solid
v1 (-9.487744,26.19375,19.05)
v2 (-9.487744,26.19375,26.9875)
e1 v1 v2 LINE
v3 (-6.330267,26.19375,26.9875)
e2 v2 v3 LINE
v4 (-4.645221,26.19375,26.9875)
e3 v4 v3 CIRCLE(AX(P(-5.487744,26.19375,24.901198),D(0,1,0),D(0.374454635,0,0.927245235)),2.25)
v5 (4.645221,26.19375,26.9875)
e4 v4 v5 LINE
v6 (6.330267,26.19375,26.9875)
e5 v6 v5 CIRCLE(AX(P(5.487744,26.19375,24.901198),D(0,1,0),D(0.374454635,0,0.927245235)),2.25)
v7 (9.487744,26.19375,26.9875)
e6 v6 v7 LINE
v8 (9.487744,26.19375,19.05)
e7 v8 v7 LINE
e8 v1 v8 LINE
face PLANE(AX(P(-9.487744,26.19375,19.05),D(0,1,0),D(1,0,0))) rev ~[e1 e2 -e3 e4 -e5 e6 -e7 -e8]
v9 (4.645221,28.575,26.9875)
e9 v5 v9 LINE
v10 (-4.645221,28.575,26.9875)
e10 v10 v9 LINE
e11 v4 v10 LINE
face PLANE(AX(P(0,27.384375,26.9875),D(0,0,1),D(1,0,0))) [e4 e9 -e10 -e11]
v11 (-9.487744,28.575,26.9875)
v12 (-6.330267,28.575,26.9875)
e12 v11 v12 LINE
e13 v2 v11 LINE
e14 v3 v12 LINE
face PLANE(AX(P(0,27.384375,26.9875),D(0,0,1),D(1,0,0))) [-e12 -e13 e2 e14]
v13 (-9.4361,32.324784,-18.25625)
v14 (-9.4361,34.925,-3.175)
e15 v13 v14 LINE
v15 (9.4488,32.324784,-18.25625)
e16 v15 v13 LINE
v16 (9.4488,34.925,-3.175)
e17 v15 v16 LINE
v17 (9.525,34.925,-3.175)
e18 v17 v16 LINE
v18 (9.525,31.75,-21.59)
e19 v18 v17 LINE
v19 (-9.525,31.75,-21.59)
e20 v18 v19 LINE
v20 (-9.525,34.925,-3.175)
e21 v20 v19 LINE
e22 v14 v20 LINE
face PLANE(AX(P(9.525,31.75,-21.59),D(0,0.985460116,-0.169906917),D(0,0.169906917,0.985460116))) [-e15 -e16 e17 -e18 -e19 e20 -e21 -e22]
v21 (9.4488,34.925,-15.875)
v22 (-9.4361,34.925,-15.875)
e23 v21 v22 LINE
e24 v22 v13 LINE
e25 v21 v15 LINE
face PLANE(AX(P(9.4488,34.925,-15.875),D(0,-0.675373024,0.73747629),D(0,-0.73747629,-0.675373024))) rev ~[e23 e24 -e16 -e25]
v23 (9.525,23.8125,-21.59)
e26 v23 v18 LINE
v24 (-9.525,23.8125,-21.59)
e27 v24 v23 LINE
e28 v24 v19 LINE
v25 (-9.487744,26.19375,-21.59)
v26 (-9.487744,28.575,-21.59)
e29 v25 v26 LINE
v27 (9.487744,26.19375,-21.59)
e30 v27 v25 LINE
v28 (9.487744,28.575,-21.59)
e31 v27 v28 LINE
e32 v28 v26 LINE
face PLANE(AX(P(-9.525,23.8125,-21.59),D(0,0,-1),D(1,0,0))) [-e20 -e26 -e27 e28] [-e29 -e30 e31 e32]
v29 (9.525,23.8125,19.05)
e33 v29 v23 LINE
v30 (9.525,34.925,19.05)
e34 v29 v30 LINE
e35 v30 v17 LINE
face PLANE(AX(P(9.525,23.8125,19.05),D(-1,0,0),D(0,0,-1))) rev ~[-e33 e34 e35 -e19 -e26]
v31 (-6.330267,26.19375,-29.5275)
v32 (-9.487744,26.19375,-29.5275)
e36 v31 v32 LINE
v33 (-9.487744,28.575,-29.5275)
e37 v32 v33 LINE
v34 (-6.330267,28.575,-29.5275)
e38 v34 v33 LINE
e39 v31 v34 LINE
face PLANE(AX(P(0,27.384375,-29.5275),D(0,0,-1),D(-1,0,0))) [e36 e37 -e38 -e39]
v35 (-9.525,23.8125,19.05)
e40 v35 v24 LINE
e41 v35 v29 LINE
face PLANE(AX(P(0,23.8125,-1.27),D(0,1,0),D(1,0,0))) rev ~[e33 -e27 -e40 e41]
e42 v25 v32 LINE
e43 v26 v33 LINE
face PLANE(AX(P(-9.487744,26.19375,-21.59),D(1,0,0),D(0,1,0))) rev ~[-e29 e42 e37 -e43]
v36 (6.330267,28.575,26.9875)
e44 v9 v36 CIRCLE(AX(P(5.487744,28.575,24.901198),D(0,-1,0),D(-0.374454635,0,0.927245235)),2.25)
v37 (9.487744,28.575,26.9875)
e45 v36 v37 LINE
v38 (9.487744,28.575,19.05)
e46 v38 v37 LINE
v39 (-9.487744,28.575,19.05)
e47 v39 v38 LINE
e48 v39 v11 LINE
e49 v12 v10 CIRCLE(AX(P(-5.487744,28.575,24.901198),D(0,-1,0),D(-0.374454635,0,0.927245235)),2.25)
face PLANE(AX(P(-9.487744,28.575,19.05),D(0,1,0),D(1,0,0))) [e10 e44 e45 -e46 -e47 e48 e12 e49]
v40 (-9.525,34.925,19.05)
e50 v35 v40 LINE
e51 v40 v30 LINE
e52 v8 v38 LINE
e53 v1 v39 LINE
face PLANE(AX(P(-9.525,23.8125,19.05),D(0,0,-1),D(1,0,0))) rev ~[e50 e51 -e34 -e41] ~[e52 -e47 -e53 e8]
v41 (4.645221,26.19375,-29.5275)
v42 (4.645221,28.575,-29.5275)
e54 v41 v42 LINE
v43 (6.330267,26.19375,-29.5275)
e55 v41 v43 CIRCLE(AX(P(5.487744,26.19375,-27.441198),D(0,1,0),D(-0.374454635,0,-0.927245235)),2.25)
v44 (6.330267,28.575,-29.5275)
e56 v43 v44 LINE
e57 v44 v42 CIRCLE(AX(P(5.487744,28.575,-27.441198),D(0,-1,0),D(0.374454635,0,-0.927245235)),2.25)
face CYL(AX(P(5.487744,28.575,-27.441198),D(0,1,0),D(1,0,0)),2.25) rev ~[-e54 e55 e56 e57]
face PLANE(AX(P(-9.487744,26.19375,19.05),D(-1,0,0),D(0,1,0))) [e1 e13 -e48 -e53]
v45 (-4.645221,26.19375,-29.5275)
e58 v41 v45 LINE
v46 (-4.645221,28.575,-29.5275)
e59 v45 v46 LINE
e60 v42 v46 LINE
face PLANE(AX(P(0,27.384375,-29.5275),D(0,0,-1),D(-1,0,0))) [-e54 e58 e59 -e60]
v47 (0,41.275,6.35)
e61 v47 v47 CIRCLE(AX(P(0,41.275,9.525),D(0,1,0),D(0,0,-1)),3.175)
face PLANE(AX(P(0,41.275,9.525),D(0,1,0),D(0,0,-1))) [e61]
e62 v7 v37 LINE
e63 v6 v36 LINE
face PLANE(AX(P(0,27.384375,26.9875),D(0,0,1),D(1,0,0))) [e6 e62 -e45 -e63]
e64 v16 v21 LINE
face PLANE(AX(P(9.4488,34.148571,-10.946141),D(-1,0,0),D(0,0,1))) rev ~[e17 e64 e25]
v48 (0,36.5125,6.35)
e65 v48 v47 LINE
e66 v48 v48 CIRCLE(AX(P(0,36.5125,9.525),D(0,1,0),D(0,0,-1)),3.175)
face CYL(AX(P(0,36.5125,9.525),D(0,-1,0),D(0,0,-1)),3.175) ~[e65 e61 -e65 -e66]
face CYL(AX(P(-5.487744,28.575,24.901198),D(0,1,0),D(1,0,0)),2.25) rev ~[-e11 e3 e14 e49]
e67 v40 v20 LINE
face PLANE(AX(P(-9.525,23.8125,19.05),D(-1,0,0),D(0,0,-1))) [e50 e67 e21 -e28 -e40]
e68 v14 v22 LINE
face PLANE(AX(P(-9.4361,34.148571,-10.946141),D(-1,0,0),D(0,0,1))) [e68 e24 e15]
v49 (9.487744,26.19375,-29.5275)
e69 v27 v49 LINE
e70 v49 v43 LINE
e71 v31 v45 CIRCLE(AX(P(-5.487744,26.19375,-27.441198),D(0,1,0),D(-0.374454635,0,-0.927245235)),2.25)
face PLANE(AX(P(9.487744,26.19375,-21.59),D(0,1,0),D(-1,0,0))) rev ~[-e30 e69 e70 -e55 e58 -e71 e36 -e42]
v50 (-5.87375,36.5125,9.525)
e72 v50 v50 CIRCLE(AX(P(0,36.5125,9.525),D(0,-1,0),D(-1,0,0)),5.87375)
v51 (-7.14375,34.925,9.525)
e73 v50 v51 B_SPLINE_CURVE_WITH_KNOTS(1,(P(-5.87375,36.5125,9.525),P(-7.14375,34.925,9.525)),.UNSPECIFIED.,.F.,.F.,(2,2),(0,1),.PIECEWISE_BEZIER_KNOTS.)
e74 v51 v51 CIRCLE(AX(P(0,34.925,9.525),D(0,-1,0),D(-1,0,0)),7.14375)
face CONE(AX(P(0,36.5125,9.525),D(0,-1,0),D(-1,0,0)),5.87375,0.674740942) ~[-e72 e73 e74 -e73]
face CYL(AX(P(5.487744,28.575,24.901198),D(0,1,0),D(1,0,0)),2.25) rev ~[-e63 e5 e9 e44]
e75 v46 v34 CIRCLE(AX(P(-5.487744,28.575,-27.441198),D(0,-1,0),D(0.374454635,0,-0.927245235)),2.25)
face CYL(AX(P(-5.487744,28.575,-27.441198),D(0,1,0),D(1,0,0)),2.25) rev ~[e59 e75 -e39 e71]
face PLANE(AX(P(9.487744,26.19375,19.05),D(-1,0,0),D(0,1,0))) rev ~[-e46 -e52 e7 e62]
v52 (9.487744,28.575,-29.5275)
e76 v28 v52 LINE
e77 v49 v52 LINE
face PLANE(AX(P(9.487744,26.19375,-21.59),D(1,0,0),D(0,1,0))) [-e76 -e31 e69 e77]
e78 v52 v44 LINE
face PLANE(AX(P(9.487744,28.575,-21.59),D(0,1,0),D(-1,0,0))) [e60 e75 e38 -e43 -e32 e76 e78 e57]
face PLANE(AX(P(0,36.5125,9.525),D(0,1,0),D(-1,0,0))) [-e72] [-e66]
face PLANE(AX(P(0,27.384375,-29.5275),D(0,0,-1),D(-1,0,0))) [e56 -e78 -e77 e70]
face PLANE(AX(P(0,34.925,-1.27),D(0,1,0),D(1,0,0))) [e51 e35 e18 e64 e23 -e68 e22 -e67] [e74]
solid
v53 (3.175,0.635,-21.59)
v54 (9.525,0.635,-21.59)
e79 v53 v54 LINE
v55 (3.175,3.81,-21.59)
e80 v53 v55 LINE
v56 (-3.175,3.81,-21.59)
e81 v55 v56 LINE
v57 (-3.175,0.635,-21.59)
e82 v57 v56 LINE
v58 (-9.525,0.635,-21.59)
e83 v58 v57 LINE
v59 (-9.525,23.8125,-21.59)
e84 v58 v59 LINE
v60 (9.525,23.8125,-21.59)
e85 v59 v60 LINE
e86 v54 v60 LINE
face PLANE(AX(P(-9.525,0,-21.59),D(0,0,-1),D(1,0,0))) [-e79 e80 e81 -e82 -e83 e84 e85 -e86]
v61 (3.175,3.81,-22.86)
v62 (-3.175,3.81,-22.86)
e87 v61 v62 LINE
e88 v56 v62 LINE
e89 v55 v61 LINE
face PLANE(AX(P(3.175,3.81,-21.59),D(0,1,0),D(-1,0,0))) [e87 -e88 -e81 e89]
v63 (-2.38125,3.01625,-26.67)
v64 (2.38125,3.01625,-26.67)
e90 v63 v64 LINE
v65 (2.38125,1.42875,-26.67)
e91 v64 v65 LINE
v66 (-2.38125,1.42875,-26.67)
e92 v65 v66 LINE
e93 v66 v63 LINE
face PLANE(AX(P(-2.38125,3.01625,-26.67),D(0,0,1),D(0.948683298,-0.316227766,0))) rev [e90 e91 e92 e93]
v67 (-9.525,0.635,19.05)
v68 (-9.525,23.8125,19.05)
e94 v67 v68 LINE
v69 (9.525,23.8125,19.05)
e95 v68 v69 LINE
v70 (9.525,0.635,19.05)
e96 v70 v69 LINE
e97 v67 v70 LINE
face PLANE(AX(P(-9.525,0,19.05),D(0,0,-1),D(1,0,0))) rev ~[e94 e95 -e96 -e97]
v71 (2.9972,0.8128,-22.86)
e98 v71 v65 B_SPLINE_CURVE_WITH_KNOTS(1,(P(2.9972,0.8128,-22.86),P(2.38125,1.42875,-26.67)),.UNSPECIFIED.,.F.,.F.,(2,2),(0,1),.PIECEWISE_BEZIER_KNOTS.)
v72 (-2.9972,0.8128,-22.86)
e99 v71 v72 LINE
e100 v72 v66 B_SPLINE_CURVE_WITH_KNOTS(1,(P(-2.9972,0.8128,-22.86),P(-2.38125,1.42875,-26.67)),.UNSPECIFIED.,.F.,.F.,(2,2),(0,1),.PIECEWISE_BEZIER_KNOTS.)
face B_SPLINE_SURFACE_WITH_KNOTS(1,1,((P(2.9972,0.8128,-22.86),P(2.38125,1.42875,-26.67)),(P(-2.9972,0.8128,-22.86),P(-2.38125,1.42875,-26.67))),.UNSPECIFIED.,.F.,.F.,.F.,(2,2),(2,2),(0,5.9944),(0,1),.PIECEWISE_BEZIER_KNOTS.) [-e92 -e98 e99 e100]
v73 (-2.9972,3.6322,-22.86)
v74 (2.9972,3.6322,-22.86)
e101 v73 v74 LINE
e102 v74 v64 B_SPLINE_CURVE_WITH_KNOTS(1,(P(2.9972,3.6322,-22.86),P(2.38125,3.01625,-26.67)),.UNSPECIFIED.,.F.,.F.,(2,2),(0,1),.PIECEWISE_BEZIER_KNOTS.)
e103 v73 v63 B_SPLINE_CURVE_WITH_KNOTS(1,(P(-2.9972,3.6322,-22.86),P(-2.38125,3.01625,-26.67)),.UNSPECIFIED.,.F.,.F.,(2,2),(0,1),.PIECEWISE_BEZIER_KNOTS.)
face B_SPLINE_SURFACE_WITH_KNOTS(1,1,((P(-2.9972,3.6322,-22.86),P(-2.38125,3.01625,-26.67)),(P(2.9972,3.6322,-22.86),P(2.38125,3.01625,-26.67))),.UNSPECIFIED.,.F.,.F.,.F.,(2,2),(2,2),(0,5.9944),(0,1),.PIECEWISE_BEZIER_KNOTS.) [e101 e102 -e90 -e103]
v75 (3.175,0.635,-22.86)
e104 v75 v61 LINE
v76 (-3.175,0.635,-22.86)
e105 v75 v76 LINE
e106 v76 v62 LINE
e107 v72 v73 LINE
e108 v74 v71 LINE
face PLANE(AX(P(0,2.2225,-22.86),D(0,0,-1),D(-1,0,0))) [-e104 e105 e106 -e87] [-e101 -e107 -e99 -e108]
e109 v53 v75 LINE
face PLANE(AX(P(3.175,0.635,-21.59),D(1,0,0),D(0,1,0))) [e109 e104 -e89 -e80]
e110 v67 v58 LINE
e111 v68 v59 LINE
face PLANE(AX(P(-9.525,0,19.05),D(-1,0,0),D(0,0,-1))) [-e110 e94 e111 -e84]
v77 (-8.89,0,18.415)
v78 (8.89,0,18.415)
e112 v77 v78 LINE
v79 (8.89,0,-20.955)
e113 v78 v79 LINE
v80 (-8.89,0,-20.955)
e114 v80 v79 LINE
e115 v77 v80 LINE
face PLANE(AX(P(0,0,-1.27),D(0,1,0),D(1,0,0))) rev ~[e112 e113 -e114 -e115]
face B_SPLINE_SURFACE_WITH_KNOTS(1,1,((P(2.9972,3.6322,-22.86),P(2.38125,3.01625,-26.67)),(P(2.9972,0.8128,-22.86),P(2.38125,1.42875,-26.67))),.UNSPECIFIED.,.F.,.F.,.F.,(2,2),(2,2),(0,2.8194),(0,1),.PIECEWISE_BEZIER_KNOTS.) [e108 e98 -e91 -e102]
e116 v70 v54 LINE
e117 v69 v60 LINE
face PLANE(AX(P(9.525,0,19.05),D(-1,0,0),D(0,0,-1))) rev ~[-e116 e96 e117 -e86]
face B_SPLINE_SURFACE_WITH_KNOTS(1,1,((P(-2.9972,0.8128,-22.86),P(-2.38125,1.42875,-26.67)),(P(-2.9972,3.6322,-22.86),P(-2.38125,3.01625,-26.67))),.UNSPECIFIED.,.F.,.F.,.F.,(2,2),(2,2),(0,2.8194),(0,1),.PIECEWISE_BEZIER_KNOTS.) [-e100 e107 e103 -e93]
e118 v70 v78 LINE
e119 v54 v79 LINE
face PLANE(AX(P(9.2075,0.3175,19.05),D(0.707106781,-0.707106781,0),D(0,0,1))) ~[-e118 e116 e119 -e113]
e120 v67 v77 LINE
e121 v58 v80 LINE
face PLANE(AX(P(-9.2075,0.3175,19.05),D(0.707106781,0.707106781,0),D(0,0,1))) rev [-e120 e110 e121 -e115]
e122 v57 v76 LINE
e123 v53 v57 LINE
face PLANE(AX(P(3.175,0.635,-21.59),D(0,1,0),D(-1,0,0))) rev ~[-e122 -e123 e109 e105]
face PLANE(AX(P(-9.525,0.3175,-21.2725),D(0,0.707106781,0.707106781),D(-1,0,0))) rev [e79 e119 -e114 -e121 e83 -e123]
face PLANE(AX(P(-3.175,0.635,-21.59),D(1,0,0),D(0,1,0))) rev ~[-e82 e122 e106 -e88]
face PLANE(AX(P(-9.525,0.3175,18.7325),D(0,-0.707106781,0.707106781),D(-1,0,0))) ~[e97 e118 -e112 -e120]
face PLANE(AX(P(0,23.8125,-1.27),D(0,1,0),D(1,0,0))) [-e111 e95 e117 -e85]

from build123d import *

# Parameters (mm, degrees)
SKETCH1_W            = 19.05
SKETCH1_H            = 40.64
BOSS_EXTRUDE1_DEPTH  = 23.8125
CHAMFER1_SIZE        = 0.635
SKETCH2_W            = 6.35
SKETCH2_H            = 3.175
BOSS_EXTRUDE3_DEPTH  = 1.27
SKETCH6_W            = 19.05
SKETCH6_H            = 40.64
BOSS_EXTRUDE6_DEPTH  = 11.1125
CUT_EXTRUDE1_DEPTH   = 48.895167087
BOSS_EXTRUDE7_DEPTH  = 18.8849
SKETCH13_R           = 5.87375
SKETCH12_R           = 7.14375
SKETCH14_R           = 3.175
BOSS_EXTRUDE8_DEPTH  = 4.7625
SKETCH15_W           = 18.975487788
SKETCH15_H           = 2.38125
BOSS_EXTRUDE9_DEPTH  = 7.9375
SKETCH16_W           = 18.975487788
SKETCH16_H           = 2.38125
BOSS_EXTRUDE10_DEPTH = 7.9375
SKETCH17_R           = 2.25
CUT_EXTRUDE2_DEPTH   = 43.179728618


with BuildPart() as part:
    # Sketch1 → Boss-Extrude1 (new body)
    with BuildSketch(Plane(origin=(0, 0, 0), x_dir=(1, 0, 0), z_dir=(0, 1, 0))):
        with Locations((0, 1.27)):
            Rectangle(SKETCH1_W, SKETCH1_H)
    extrude(amount=BOSS_EXTRUDE1_DEPTH)

    # Chamfer1
    chamfer1_edges = [part.edges().sort_by_distance(p)[0] for p in [
        (0, 0, -21.59),
        (9.525, 0, -1.27),
        (0, 0, 19.05),
        (-9.525, 0, -1.27),
    ]]
    chamfer(chamfer1_edges, length=CHAMFER1_SIZE)

    # Sketch2 → Boss-Extrude3 (add)
    with BuildSketch(Plane(origin=(0, 0, -21.59), x_dir=(-1, 0, 0), z_dir=(0, 0, -1))):
        with Locations((0, 2.2225)):
            Rectangle(SKETCH2_W, SKETCH2_H)
    extrude(amount=BOSS_EXTRUDE3_DEPTH)

    # Sketch4 → Loft1 section 0
    with BuildSketch(Plane(origin=(0, 0, -22.86), x_dir=(-1, 0, 0), z_dir=(0, 0, -1))):
        with BuildLine():
            Line((2.9972, 3.6322), (-2.9972, 3.6322))
            Line((-2.9972, 3.6322), (-2.9972, 0.8128))
            Line((-2.9972, 0.8128), (2.9972, 0.8128))
            Line((2.9972, 0.8128), (2.9972, 3.6322))
        make_face()
    # Sketch3 → Loft1 section 1
    with BuildSketch(Plane(origin=(0, 0, -26.67), x_dir=(-1, 0, 0), z_dir=(0, 0, -1))):
        with BuildLine():
            Line((2.38125, 3.01625), (-2.38125, 3.01625))
            Line((-2.38125, 3.01625), (-2.38125, 1.42875))
            Line((-2.38125, 1.42875), (2.38125, 1.42875))
            Line((2.38125, 1.42875), (2.38125, 3.01625))
        make_face()
    loft()


with BuildPart() as body_2:
    # Sketch6 → Boss-Extrude6 (new body)
    with BuildSketch(Plane(origin=(0, 23.8125, 0), x_dir=(1, 0, 0), z_dir=(0, 1, 0))):
        with Locations((0, 1.27)):
            Rectangle(SKETCH6_W, SKETCH6_H)
    extrude(amount=BOSS_EXTRUDE6_DEPTH)

    # Sketch8 → Cut-Extrude1 (cut, through all)
    with BuildSketch(Plane(origin=(9.525, 0, 0), x_dir=(0, 0, -1), z_dir=(1, 0, 0))):
        Polygon((21.59, 31.75), (3.175, 34.925), (21.59, 34.925), align=None)
    extrude(amount=-CUT_EXTRUDE1_DEPTH, mode=Mode.SUBTRACT)

    # Sketch11 → Boss-Extrude7 (add)
    with BuildSketch(Plane(origin=(9.4488, 0, 0), x_dir=(0, 0, -1), z_dir=(1, 0, 0))):
        Polygon((3.175, 34.925), (15.875, 34.925), (18.25625, 32.324784483), align=None)
    extrude(amount=-BOSS_EXTRUDE7_DEPTH)

    # Sketch13 → Loft5 section 0
    with BuildSketch(Plane(origin=(0, 36.5125, 0), x_dir=(-1, 0, 0), z_dir=(0, 1, 0))):
        with Locations((0, 9.525)):
            Circle(SKETCH13_R)
    # Sketch12 → Loft5 section 1
    with BuildSketch(Plane(origin=(0, 34.925, 0), x_dir=(1, 0, 0), z_dir=(0, 1, 0))):
        with Locations((0, -9.525)):
            Circle(SKETCH12_R)
    loft()

    # Sketch14 → Boss-Extrude8 (add)
    with BuildSketch(Plane(origin=(0, 36.5125, 0), x_dir=(1, 0, 0), z_dir=(0, 1, 0))):
        with Locations(Location((0, -9.525, 0), (0, 0, 90))):
            Circle(SKETCH14_R)
    extrude(amount=BOSS_EXTRUDE8_DEPTH)

    # Sketch15 → Boss-Extrude9 (add)
    with BuildSketch(Plane(origin=(0, 0, -21.59), x_dir=(-1, 0, 0), z_dir=(0, 0, -1))):
        with Locations((0, 27.384375)):
            Rectangle(SKETCH15_W, SKETCH15_H)
    extrude(amount=BOSS_EXTRUDE9_DEPTH)

    # Sketch16 → Boss-Extrude10 (add)
    with BuildSketch(Plane.XY.offset(19.05)):
        with Locations((0, 27.384375)):
            Rectangle(SKETCH16_W, SKETCH16_H)
    extrude(amount=BOSS_EXTRUDE10_DEPTH)

    # Sketch17 → Cut-Extrude2 (cut, through all)
    with BuildSketch(Plane(origin=(0, 28.575, 0), x_dir=(1, 0, 0), z_dir=(0, 1, 0))):
        with Locations((5.487743894, -24.901198221)):
            Circle(SKETCH17_R)
        with Locations((-5.487743894, -24.901198221)):
            Circle(SKETCH17_R)
        with Locations((-5.487743894, 27.441198221)):
            Circle(SKETCH17_R)
        with Locations((5.487743894, 27.441198221)):
            Circle(SKETCH17_R)
    extrude(amount=-CUT_EXTRUDE2_DEPTH, mode=Mode.SUBTRACT)


solid = Compound([part.part, body_2.part])
